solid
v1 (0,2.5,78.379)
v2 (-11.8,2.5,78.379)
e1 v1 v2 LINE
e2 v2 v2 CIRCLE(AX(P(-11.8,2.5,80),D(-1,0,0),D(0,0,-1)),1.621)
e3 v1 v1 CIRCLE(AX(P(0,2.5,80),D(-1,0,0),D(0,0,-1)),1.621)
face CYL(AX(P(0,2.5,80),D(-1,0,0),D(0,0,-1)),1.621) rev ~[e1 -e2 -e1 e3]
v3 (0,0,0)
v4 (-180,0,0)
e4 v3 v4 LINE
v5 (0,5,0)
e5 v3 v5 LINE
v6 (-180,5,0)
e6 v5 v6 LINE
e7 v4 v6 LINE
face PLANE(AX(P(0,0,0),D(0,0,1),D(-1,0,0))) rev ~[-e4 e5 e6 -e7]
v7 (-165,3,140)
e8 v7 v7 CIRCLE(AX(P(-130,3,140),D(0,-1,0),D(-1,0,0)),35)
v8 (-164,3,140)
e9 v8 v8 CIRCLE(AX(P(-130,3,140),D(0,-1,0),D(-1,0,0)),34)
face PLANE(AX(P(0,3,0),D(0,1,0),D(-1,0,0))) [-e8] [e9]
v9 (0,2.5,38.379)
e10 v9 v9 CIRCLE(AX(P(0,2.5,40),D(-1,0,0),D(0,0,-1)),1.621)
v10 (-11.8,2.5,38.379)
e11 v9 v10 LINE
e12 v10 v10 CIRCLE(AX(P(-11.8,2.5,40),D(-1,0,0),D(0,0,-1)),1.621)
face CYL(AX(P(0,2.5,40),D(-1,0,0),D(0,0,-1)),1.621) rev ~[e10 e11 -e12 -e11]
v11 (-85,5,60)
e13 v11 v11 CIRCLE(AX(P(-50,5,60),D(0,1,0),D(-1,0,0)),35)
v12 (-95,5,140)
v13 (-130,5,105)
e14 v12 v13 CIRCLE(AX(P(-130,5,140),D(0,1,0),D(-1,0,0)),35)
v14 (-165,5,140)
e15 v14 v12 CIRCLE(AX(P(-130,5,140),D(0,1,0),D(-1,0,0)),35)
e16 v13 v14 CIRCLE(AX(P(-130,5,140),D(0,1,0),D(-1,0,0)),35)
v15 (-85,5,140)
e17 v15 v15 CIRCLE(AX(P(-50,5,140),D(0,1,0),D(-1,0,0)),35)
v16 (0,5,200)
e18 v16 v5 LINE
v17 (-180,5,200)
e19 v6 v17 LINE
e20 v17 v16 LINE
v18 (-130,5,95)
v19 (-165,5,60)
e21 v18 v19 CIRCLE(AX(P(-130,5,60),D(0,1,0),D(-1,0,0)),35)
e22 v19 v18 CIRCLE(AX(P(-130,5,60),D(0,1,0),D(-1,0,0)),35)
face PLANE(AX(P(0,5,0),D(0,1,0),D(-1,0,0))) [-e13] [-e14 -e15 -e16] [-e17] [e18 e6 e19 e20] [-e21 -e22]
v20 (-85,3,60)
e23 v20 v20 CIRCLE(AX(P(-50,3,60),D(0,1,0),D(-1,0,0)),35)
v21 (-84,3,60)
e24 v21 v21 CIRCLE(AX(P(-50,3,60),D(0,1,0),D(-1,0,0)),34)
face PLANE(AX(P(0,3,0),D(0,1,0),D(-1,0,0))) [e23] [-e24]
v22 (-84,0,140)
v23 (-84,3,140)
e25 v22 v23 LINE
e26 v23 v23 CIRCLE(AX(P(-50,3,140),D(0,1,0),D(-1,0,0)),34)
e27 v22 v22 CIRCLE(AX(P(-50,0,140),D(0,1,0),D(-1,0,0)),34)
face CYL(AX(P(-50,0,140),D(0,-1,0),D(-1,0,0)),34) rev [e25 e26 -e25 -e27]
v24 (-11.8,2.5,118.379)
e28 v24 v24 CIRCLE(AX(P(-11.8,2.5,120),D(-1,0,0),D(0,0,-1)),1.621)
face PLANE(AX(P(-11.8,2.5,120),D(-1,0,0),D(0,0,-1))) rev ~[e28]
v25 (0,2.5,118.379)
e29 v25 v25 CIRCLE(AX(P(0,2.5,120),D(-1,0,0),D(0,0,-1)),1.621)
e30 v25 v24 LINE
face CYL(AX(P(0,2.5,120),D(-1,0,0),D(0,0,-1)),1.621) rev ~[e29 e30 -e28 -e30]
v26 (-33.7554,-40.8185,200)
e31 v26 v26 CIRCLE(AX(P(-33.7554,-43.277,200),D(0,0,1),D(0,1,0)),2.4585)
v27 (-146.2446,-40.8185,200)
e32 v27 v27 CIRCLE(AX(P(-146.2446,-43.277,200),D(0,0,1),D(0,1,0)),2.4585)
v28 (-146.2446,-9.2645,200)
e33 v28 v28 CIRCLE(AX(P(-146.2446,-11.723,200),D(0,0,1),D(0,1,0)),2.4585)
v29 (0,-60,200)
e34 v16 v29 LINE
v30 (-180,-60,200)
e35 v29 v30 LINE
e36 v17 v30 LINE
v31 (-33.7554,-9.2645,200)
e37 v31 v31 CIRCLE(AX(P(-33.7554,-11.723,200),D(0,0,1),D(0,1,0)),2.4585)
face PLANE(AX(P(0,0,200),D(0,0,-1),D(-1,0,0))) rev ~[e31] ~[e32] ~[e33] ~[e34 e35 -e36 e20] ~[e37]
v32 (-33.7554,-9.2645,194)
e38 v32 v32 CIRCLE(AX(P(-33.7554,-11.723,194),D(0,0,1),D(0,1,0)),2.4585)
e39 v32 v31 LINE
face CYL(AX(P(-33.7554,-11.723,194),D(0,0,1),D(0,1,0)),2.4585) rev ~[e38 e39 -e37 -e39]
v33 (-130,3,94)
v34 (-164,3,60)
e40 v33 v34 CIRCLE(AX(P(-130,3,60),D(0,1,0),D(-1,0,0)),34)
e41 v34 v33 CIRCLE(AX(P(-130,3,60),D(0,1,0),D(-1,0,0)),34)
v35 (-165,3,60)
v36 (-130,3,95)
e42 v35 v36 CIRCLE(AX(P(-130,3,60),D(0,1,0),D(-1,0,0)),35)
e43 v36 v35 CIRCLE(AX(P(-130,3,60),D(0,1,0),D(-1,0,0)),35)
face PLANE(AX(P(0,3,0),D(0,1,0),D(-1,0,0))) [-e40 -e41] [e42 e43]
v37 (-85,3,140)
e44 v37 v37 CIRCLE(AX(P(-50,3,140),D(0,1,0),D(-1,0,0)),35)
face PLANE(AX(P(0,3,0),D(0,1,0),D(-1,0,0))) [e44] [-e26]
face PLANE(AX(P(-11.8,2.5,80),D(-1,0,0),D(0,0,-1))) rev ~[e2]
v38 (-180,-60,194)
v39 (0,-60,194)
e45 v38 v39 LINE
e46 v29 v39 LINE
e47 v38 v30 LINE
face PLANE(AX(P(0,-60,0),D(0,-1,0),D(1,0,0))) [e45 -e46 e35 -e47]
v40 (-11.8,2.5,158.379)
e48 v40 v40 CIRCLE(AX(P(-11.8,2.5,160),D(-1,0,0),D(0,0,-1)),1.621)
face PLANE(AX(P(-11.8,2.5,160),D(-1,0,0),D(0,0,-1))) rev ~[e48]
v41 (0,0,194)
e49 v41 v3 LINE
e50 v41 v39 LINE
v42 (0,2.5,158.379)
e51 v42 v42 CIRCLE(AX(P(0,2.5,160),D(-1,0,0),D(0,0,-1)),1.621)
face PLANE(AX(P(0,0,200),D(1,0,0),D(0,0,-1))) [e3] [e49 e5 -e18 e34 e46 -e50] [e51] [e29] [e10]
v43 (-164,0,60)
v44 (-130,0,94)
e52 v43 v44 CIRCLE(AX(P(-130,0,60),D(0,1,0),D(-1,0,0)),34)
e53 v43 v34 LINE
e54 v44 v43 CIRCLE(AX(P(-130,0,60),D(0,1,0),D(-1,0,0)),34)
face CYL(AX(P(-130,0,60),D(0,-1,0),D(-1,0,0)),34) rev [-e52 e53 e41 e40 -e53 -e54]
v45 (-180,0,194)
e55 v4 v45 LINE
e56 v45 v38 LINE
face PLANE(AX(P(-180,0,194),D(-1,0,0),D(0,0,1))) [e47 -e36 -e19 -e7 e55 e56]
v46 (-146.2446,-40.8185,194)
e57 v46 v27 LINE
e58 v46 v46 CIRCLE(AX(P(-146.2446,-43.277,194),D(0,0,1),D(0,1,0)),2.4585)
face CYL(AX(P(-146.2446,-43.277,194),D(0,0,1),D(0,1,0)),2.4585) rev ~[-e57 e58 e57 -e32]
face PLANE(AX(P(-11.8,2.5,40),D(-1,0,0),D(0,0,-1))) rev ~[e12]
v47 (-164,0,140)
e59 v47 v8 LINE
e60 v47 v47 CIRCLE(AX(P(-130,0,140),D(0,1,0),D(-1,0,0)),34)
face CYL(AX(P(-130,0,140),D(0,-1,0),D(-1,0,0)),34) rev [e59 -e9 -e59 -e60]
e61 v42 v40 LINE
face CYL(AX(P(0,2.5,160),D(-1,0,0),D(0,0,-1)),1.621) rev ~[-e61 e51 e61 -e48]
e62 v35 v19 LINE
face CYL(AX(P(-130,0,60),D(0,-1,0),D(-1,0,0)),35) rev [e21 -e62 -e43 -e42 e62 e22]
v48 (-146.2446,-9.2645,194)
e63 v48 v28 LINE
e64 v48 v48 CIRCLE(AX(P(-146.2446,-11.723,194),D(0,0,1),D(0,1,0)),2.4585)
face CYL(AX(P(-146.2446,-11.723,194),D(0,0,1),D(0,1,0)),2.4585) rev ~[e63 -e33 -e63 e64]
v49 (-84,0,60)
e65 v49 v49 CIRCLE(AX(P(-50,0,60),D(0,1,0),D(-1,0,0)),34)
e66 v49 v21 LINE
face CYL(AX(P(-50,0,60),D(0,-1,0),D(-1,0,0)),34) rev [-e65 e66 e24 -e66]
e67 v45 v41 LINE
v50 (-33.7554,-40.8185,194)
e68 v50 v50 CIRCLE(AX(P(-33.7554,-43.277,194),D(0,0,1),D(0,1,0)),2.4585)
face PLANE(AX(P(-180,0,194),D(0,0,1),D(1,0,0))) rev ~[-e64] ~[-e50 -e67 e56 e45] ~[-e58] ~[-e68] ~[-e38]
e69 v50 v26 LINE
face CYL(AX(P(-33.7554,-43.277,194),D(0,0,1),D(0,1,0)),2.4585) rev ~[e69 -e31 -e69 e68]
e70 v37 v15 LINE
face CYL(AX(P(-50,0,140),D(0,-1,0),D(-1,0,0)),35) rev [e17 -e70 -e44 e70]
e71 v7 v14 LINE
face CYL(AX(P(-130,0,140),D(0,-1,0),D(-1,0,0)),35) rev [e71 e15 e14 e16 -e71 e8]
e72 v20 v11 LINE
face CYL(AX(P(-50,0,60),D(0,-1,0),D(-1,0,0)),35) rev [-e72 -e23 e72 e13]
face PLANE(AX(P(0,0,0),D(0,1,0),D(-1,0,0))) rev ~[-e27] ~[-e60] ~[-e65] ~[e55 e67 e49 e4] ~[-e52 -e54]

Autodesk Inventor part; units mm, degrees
ref_plane "YZ Plane" through (0, 0, 0) normal (1, 0, 0) x (0, 1, 0)
ref_plane "XZ Plane" through (0, 0, 0) normal (0, 1, 0) x (-1, 0, 0)
ref_plane "XY Plane" through (0, 0, 0) normal (0, 0, 1) x (1, 0, 0)
sketch "Sketch1" plane through (0, 0, 0) normal (0, 1, 0) x (-1, 0, 0)
  line L0 (0, 0) -> (180, 0)
  line L1 (180, 0) -> (180, 200)
  line L2 (180, 200) -> (0, 200)
  line L3 (0, 200) -> (0, 0)
  circle A0 centre (130, 140) radius 35
  circle A1 centre (130, 60) radius 35
  circle A2 centre (50, 140) radius 35
  circle A3 centre (50, 60) radius 35
  line L4 (130, 140) -> (50, 140)
  line L5 (130, 140) -> (130, 60)
  circle A4 centre (130, 140) radius 34
  circle A5 centre (130, 60) radius 34
  circle A6 centre (50, 140) radius 34
  circle A7 centre (50, 60) radius 34
  point P0 (90, 140)
  point P1 (90, 200)
  point P2 (130, 100)
  point P3 (180, 100)
  dimension "d0" = 180
  dimension "d1" = 200
  dimension "d2" = 70
  dimension "d3" = 70
  dimension "d4" = 70
  dimension "d5" = 70
  dimension "d6" = 10
  dimension "d7" = 10
  dimension "d11" = 68
  dimension "d12" = 68
  dimension "d13" = 68
  dimension "d14" = 68
extrude "Extrusion1" add sketch "Sketch1" along normal blind 5 contours L3 L2 L1 L0
extrude "Extrusion2" add sketch "Sketch1" along normal blind 3 contours A0 L5 A4 L4 | A1 | A2 | L4 A4 L5 A0 | A3
sketch "Sketch2" plane through (0, 0, 200) normal (1, 0, 0) x (0, 0, -1)
  circle A0 centre (40, 2.5) radius 1
  circle A1 centre (80, 2.5) radius 1
  circle A2 centre (120, 2.5) radius 1
  circle A3 centre (160, 2.5) radius 1
  line L0 (0, 0) -> (0, 5) projected
  line L1 (200, 0) -> (200, 5) projected
  line L2 (0, 5) -> (200, 5) projected
  dimension "d18" = 2
  dimension "d19" = 2
  dimension "d20" = 2
  dimension "d21" = 2
  dimension "d23" = 40
  dimension "d24" = 40
  dimension "d25" = 40
  dimension "d26" = 40
  dimension "d45" = 2.5
hole "Hole1" at (0, 2.5, 40) at (0, 2.5, 80) at (0, 2.5, 120) at (0, 2.5, 160) direction (-1, 0, 0) diameter 3.242 depth 11.8 thread size "M4x0.7" class "6H" standard "ANSI Metric M Profile"
sketch "Sketch3" plane through (0, 0, 0) normal (0, -1, 0) x (1, 0, 0)
  line L0 (0, 200) -> (0, 0) projected
  line L1 (-180, 0) -> (-180, 200) projected
  line L2 (0, 200) -> (-180, 200)
  line L3 (-180, 200) -> (-180, 194)
  line L4 (-180, 194) -> (0, 194)
  line L5 (0, 194) -> (0, 200)
  dimension "d35" = 6
extrude "Extrusion3" add sketch "Sketch3" along normal blind 60
sketch "Sketch4" plane through (0, 0, 194) normal (0, 0, -1) x (-1, 0, 0)
  circle A0 centre (33.7554, -11.723) radius 5.5293
  circle A1 centre (33.7554, -43.277) radius 5.535
  circle A2 centre (146.2446, -11.723) radius 5.926
  circle A3 centre (146.2446, -43.277) radius 6.0534
  line L0 (33.7554, -11.723) -> (33.7554, -43.277)
  line L1 (33.7554, -11.723) -> (146.2446, -11.723)
  line L2 (0, 0) -> (180, 0) projected
  line L3 (0, -60) -> (0, 5) projected
  point P0 (90, -11.723)
  point P1 (90, 0)
  point P2 (33.7554, -27.5)
  point P3 (0, -27.5)
hole "Hole2" at (-33.7554, -11.723, 194) at (-33.7554, -43.277, 194) at (-146.2446, -11.723, 194) at (-146.2446, -43.277, 194) direction (0, 0, 1) diameter 4.917 depth 17.1 thread size "M6x1" class "6H" standard "ANSI Metric M Profile"
properties part number "LensHolder"
